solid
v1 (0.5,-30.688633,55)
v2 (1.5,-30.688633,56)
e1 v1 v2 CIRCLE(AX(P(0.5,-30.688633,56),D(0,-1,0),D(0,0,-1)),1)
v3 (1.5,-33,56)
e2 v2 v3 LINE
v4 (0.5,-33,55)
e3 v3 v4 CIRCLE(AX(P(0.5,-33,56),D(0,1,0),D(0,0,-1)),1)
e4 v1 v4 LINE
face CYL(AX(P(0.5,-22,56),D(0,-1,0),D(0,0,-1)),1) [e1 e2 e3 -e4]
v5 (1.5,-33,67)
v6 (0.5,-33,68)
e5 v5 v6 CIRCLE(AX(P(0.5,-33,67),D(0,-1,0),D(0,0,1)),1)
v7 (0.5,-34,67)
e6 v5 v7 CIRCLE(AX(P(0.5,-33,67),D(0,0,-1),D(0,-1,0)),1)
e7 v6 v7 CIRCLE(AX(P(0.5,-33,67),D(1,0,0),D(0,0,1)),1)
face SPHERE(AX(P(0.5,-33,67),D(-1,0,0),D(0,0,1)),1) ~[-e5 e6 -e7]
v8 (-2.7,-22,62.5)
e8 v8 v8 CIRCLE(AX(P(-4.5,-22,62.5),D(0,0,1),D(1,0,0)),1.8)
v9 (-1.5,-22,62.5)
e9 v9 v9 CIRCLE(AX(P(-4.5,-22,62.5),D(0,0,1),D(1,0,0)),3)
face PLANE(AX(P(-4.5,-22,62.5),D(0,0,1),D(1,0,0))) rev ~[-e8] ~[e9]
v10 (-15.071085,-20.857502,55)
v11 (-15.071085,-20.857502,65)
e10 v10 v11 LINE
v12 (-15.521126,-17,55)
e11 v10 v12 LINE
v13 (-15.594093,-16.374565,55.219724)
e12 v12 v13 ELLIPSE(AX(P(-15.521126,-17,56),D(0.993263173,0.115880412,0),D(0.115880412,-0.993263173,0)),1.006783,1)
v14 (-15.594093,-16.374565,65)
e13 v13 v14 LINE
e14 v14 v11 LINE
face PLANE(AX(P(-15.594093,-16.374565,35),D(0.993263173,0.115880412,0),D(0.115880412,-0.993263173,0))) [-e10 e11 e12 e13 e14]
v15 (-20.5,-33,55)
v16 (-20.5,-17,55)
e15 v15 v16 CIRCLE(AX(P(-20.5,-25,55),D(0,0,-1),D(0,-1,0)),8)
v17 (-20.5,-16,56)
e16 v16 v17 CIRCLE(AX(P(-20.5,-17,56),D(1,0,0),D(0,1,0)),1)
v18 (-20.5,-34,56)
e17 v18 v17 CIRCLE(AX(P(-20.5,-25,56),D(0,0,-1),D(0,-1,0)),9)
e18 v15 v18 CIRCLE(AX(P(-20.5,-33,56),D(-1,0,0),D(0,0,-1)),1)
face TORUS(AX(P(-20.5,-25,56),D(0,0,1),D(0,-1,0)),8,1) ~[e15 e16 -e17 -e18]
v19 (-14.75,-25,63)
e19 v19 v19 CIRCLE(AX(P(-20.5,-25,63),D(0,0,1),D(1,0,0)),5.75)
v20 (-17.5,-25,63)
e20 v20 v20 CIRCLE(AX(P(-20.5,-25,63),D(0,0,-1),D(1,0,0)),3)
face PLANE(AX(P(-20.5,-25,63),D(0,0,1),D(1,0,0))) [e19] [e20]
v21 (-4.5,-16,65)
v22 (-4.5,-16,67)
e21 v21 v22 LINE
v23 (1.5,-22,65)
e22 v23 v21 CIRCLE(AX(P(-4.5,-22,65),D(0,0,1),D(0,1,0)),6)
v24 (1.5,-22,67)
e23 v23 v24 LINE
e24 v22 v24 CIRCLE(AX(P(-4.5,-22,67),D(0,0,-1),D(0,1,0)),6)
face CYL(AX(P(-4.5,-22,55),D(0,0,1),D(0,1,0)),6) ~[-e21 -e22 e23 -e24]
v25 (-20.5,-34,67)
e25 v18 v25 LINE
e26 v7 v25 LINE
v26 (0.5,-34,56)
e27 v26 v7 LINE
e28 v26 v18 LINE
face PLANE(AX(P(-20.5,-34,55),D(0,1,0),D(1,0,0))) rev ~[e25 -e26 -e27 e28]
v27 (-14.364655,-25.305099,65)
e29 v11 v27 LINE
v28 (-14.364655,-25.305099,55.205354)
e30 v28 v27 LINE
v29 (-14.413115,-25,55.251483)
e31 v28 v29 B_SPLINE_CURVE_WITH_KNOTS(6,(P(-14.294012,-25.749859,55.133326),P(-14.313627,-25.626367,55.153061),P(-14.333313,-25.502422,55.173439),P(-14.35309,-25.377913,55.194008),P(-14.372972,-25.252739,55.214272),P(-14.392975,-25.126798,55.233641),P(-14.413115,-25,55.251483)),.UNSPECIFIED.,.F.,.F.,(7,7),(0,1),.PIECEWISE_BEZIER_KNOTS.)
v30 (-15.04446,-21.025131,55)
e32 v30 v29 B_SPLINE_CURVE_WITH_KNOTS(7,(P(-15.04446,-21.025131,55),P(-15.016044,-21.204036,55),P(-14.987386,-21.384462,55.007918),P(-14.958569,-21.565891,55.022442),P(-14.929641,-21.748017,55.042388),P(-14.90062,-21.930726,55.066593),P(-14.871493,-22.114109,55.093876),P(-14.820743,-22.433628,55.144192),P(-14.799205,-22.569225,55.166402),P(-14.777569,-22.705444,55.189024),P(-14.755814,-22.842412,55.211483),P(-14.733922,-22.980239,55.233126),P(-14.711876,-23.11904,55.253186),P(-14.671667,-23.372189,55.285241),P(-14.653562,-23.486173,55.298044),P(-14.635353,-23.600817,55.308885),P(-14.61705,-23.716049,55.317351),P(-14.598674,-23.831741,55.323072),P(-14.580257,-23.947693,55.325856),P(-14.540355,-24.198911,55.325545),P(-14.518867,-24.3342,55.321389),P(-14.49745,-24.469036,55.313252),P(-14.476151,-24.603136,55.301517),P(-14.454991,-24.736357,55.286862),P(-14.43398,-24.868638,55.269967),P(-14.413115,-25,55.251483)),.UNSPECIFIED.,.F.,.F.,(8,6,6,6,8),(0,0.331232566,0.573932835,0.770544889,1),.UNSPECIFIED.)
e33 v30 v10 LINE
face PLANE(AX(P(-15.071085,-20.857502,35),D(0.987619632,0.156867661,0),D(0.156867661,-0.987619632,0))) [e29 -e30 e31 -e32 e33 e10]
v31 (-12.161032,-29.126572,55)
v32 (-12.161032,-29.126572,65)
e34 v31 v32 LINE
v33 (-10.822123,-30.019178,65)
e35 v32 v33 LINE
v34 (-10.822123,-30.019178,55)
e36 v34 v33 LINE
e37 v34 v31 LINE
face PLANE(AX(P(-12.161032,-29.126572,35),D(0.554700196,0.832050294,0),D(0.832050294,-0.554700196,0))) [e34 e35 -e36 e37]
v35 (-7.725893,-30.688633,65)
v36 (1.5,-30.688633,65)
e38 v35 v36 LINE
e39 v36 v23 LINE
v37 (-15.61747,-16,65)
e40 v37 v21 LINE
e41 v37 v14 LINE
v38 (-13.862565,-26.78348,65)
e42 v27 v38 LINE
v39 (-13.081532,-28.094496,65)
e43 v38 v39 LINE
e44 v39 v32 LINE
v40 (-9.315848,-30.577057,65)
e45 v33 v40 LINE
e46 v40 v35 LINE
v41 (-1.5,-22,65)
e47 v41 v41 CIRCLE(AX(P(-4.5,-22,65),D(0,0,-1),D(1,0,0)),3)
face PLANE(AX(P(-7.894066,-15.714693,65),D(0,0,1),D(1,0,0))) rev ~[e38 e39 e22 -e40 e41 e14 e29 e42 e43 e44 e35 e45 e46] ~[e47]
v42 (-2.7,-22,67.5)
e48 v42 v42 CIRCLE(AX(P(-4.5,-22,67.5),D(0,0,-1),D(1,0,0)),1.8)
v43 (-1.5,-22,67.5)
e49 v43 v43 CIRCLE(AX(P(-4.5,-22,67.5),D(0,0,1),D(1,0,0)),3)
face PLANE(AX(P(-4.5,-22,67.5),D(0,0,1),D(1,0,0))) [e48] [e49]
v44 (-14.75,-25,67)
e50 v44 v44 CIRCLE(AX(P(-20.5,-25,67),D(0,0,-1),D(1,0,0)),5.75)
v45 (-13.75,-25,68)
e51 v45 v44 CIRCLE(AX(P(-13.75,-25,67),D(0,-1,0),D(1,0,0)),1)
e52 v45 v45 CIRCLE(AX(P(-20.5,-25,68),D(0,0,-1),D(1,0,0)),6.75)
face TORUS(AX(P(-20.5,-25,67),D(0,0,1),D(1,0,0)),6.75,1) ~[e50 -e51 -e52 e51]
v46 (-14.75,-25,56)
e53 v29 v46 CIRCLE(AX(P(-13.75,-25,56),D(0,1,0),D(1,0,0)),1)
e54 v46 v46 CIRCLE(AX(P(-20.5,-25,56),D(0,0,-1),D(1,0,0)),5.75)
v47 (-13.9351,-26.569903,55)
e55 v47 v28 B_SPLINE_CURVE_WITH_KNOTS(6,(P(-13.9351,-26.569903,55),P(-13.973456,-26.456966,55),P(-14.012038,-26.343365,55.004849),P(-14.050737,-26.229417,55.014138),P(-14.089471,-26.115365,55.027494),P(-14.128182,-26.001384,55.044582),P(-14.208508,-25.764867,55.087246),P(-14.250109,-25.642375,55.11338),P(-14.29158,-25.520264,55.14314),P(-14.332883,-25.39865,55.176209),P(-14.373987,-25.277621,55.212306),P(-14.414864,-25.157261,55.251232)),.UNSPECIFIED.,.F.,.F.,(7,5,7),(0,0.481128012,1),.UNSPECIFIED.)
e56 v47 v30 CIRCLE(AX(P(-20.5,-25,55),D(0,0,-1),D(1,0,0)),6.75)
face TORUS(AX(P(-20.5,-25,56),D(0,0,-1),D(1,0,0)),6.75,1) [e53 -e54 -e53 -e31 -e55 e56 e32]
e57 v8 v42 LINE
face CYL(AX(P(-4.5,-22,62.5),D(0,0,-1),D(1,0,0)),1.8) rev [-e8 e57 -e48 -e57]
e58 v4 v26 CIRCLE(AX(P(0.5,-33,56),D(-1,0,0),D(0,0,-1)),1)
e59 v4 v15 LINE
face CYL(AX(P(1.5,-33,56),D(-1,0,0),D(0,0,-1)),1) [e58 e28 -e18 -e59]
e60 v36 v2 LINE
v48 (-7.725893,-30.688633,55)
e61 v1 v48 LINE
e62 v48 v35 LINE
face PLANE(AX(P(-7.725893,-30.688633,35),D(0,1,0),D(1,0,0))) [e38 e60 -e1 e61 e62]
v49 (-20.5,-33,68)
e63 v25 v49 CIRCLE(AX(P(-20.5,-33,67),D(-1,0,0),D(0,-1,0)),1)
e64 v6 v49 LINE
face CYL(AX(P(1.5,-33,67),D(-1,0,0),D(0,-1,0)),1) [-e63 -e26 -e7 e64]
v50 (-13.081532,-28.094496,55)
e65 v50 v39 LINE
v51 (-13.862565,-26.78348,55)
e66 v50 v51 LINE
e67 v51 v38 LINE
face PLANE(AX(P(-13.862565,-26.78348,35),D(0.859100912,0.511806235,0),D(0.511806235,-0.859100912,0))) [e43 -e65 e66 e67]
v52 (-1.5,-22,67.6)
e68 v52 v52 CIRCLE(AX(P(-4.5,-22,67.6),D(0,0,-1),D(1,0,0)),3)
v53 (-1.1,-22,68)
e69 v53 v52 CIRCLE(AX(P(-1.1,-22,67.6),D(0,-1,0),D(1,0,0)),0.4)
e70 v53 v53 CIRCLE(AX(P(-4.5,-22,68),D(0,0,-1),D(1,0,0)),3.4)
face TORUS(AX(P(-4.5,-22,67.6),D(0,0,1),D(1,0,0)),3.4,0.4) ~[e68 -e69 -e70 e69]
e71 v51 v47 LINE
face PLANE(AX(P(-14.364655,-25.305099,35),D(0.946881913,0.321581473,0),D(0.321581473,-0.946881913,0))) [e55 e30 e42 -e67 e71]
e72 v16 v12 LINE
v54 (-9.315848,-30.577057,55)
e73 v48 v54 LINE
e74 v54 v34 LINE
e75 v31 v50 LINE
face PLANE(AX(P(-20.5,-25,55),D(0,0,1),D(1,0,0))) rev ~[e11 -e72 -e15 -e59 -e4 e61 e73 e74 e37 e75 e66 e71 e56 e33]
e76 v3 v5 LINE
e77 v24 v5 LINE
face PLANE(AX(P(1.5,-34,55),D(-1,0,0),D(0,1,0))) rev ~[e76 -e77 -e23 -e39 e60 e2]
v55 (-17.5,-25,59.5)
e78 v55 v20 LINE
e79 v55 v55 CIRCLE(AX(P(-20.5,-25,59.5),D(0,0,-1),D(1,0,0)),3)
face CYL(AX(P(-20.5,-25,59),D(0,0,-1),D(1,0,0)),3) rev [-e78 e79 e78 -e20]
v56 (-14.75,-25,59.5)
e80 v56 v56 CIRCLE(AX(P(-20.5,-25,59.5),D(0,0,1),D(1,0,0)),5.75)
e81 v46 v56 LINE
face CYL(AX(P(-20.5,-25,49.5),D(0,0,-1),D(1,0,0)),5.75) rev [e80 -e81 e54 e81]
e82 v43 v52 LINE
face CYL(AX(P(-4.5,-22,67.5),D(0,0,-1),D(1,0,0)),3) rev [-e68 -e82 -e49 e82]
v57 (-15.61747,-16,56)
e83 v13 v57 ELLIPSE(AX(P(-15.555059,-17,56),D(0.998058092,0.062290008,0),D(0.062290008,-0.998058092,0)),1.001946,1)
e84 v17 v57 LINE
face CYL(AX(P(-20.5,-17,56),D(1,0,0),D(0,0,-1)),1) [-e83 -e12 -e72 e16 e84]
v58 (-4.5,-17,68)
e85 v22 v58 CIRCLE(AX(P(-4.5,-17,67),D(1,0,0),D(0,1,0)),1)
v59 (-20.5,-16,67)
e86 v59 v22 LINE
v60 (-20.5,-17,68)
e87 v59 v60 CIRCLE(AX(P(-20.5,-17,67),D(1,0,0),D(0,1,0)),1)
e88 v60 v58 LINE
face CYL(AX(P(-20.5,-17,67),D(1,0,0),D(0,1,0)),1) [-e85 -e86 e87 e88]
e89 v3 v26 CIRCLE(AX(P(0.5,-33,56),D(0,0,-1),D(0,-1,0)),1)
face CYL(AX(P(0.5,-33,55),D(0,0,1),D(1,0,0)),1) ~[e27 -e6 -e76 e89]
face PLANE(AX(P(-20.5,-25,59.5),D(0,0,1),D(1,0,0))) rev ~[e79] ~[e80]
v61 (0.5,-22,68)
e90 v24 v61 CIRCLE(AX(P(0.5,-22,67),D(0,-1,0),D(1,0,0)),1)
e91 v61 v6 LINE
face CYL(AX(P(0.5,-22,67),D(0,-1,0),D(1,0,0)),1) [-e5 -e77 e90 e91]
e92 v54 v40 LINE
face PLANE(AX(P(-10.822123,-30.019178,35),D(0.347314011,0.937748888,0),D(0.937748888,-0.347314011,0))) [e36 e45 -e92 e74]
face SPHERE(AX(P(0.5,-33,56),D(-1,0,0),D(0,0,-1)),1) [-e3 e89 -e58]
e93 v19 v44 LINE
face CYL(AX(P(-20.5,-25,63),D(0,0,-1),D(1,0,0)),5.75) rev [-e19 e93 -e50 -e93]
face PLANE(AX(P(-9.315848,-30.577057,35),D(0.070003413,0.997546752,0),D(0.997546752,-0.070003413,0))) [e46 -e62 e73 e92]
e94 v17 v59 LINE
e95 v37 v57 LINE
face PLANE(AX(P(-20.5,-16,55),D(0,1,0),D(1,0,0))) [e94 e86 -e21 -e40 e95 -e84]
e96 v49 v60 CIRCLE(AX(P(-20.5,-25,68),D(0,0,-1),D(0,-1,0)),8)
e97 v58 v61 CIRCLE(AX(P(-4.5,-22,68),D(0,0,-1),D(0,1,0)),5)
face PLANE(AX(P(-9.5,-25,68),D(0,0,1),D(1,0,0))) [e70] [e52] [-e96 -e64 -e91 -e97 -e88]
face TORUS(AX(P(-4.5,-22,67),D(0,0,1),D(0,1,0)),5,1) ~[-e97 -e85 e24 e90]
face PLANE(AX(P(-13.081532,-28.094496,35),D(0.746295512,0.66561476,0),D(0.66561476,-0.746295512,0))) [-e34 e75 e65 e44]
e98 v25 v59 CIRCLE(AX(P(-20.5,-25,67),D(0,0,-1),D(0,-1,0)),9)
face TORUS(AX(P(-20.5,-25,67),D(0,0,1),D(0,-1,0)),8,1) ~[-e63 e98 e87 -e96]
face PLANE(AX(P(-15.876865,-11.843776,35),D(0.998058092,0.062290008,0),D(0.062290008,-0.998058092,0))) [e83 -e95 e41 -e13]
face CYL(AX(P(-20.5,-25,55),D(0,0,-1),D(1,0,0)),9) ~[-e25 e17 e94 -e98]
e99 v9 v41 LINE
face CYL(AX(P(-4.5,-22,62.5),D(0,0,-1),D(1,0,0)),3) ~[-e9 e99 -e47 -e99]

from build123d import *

# Parameters (mm, degrees)
CYLINDER020_R     = 1.8
CYLINDER020_DEPTH = 7
CYLINDER021_R     = 3
CYLINDER021_DEPTH = 7
PAD_DEPTH         = 30
BOX002_W          = 10
BOX002_H          = 10
BOX002_DEPTH      = 10
BOX003_W          = 17
BOX003_H          = 10
BOX003_DEPTH      = 10
CYLINDER018_R     = 5.75
CYLINDER018_DEPTH = 10
CYLINDER017_R     = 3
CYLINDER017_DEPTH = 10
CYLINDER016_R     = 5.75
CYLINDER016_DEPTH = 10
CYLINDER015_R     = 3
CYLINDER015_DEPTH = 10
BOX_W             = 22
BOX_H             = 18
BOX_DEPTH         = 13
CYLINDER_R        = 9
CYLINDER_DEPTH    = 13
FILLET_R          = 6
FILLET001_R       = 1
FILLET002_R       = 1
FILLET003_R       = 1
CYLINDER019_R     = 3
CYLINDER019_DEPTH = 3
FILLET004_R       = 0.4


with BuildPart() as m3cut:
    # Cylinder020 → Cylinder020 (new body)
    with BuildSketch(Plane(origin=(-4.5, -22, 62.5), x_dir=(1, 0, 0), z_dir=(0, 0, 1))):
        Circle(CYLINDER020_R)
    extrude(amount=CYLINDER020_DEPTH)


with BuildPart() as fusion009:
    # Cylinder021 → Cylinder021 (new body)
    with BuildSketch(Plane(origin=(-4.5, -22, 67.5), x_dir=(1, 0, 0), z_dir=(0, 0, 1))):
        Circle(CYLINDER021_R)
    extrude(amount=CYLINDER021_DEPTH)

    # Fusion009: union m3Cut
    add(m3cut.part)


with BuildPart() as body:
    # Sketch → Pad (new body)
    with BuildSketch(Plane.XY):
        Polygon((-15.594093, -16.374565), (-15.071085, -20.857502), (-14.364655, -25.305099), (-13.862565, -26.78348), (-13.081532, -28.094496), (-12.161032, -29.126572), (-10.822123, -30.019178), (-9.315848, -30.577057), (-7.725893, -30.688633), (7.476312, -30.688633), (-15.876865, 6.281797), (-15.876865, -11.843776), align=None)
    extrude(amount=PAD_DEPTH)

    # Box002 → Box002 (join)
    with BuildSketch(Plane.XY):
        with Locations((5, 5)):
            Rectangle(BOX002_W, BOX002_H)
    extrude(amount=BOX002_DEPTH)


with BuildPart() as body_1:
    # Body placement: moved
    add(body.part.moved(Location((0, 0, 35))))


with BuildPart() as firstcuts:
    # Box003 → Box003 (new body)
    with BuildSketch(Plane(origin=(-10, -24, 55), x_dir=(1, 0, 0), z_dir=(0, 0, 1))):
        with Locations((8.5, 5)):
            Rectangle(BOX003_W, BOX003_H)
    extrude(amount=BOX003_DEPTH)

    # Fusion007: union Body
    add(body_1.part)


with BuildPart() as antennain005:
    # Cylinder018 → Cylinder018 (new body)
    with BuildSketch(Plane(origin=(-23, 0, 69), x_dir=(1, 0, 0), z_dir=(0, 0, 1))):
        Circle(CYLINDER018_R)
    extrude(amount=CYLINDER018_DEPTH)


with BuildPart() as fusion005:
    # Cylinder017 → Cylinder017 (new body)
    with BuildSketch(Plane(origin=(-23, 0, 65), x_dir=(1, 0, 0), z_dir=(0, 0, 1))):
        Circle(CYLINDER017_R)
    extrude(amount=CYLINDER017_DEPTH)

    # Fusion005: union antennaIn005
    add(antennain005.part)


with BuildPart() as fusion005_1:
    # Fusion005 placement: moved
    add(fusion005.part.moved(Location((2.5, -25, -19.5))))


with BuildPart() as antennain003:
    # Cylinder016 → Cylinder016 (new body)
    with BuildSketch(Plane(origin=(-23, 0, 69), x_dir=(1, 0, 0), z_dir=(0, 0, 1))):
        Circle(CYLINDER016_R)
    extrude(amount=CYLINDER016_DEPTH)


with BuildPart() as antennacuts:
    # Cylinder015 → Cylinder015 (new body)
    with BuildSketch(Plane(origin=(-23, 0, 65), x_dir=(1, 0, 0), z_dir=(0, 0, 1))):
        Circle(CYLINDER015_R)
    extrude(amount=CYLINDER015_DEPTH)

    # Fusion004: union antennaIn003
    add(antennain003.part)


with BuildPart() as antennacuts_1:
    # Fusion004 placement: moved
    add(antennacuts.part.moved(Location((2.5, -25, -6))))

    # Fusion006: union Fusion005
    add(fusion005_1.part)


with BuildPart() as cube:
    # Box → Box (new body)
    with BuildSketch(Plane(origin=(-20.5, -34, 56), x_dir=(1, 0, 0), z_dir=(0, 0, 1))):
        with Locations((11, 9)):
            Rectangle(BOX_W, BOX_H)
    extrude(amount=BOX_DEPTH)


with BuildPart() as cut001:
    # Cylinder → Cylinder (new body)
    with BuildSketch(Plane(origin=(-20.5, -25, 56), x_dir=(1, 0, 0), z_dir=(0, 0, 1))):
        Circle(CYLINDER_R)
    extrude(amount=CYLINDER_DEPTH)

    # Fusion: union Cube
    add(cube.part)


with BuildPart() as cut001_1:
    # Fusion placement: moved
    add(cut001.part.moved(Location((0, 0, -1))))

    # Fillet
    fillet_edges = [cut001_1.edges().sort_by_distance(p)[0] for p in [
        (1.5, -16, 61.5),
    ]]
    fillet(fillet_edges, radius=FILLET_R)

    # Fillet001
    fillet001_edges = [cut001_1.edges().sort_by_distance(p)[0] for p in [
        (-12.5, -16, 55),
        (-9.5, -34, 55),
        (1.5, -28, 55),
        (-12.5, -16, 68),
        (1.5, -28, 68),
        (1.5, -34, 61.5),
        (-9.5, -34, 68),
        (-29.5, -25, 55),
        (-29.5, -25, 68),
    ]]
    fillet(fillet001_edges, radius=FILLET001_R)

    # Cut: cut antennaCuts
    add(antennacuts_1.part, mode=Mode.SUBTRACT)

    # Fillet002
    fillet002_edges = [cut001_1.edges().sort_by_distance(p)[0] for p in [
        (-16.434136, -29.065864, 68),
        (-16.434136, -20.934136, 68),
    ]]
    fillet(fillet002_edges, radius=FILLET002_R)

    # Fillet003
    fillet003_edges = [cut001_1.edges().sort_by_distance(p)[0] for p in [
        (-16.434136, -29.065864, 55),
        (-16.434136, -20.934136, 55),
        (-26.25, -25, 55),
    ]]
    fillet(fillet003_edges, radius=FILLET003_R)

    # Cut001: cut firstCuts
    add(firstcuts.part, mode=Mode.SUBTRACT)


with BuildPart() as fillet004:
    # Cylinder019 → Cylinder019 (new body)
    with BuildSketch(Plane(origin=(-4.5, -22, 62.5), x_dir=(1, 0, 0), z_dir=(0, 0, 1))):
        Circle(CYLINDER019_R)
    extrude(amount=CYLINDER019_DEPTH)

    # Fusion008: union Cut001
    add(cut001_1.part)

    # Cut002: cut Fusion009
    add(fusion009.part, mode=Mode.SUBTRACT)

    # Fillet004
    fillet004_edges = [fillet004.edges().sort_by_distance(p)[0] for p in [
        (-7.5, -22, 68),
    ]]
    fillet(fillet004_edges, radius=FILLET004_R)


solid = fillet004.part
